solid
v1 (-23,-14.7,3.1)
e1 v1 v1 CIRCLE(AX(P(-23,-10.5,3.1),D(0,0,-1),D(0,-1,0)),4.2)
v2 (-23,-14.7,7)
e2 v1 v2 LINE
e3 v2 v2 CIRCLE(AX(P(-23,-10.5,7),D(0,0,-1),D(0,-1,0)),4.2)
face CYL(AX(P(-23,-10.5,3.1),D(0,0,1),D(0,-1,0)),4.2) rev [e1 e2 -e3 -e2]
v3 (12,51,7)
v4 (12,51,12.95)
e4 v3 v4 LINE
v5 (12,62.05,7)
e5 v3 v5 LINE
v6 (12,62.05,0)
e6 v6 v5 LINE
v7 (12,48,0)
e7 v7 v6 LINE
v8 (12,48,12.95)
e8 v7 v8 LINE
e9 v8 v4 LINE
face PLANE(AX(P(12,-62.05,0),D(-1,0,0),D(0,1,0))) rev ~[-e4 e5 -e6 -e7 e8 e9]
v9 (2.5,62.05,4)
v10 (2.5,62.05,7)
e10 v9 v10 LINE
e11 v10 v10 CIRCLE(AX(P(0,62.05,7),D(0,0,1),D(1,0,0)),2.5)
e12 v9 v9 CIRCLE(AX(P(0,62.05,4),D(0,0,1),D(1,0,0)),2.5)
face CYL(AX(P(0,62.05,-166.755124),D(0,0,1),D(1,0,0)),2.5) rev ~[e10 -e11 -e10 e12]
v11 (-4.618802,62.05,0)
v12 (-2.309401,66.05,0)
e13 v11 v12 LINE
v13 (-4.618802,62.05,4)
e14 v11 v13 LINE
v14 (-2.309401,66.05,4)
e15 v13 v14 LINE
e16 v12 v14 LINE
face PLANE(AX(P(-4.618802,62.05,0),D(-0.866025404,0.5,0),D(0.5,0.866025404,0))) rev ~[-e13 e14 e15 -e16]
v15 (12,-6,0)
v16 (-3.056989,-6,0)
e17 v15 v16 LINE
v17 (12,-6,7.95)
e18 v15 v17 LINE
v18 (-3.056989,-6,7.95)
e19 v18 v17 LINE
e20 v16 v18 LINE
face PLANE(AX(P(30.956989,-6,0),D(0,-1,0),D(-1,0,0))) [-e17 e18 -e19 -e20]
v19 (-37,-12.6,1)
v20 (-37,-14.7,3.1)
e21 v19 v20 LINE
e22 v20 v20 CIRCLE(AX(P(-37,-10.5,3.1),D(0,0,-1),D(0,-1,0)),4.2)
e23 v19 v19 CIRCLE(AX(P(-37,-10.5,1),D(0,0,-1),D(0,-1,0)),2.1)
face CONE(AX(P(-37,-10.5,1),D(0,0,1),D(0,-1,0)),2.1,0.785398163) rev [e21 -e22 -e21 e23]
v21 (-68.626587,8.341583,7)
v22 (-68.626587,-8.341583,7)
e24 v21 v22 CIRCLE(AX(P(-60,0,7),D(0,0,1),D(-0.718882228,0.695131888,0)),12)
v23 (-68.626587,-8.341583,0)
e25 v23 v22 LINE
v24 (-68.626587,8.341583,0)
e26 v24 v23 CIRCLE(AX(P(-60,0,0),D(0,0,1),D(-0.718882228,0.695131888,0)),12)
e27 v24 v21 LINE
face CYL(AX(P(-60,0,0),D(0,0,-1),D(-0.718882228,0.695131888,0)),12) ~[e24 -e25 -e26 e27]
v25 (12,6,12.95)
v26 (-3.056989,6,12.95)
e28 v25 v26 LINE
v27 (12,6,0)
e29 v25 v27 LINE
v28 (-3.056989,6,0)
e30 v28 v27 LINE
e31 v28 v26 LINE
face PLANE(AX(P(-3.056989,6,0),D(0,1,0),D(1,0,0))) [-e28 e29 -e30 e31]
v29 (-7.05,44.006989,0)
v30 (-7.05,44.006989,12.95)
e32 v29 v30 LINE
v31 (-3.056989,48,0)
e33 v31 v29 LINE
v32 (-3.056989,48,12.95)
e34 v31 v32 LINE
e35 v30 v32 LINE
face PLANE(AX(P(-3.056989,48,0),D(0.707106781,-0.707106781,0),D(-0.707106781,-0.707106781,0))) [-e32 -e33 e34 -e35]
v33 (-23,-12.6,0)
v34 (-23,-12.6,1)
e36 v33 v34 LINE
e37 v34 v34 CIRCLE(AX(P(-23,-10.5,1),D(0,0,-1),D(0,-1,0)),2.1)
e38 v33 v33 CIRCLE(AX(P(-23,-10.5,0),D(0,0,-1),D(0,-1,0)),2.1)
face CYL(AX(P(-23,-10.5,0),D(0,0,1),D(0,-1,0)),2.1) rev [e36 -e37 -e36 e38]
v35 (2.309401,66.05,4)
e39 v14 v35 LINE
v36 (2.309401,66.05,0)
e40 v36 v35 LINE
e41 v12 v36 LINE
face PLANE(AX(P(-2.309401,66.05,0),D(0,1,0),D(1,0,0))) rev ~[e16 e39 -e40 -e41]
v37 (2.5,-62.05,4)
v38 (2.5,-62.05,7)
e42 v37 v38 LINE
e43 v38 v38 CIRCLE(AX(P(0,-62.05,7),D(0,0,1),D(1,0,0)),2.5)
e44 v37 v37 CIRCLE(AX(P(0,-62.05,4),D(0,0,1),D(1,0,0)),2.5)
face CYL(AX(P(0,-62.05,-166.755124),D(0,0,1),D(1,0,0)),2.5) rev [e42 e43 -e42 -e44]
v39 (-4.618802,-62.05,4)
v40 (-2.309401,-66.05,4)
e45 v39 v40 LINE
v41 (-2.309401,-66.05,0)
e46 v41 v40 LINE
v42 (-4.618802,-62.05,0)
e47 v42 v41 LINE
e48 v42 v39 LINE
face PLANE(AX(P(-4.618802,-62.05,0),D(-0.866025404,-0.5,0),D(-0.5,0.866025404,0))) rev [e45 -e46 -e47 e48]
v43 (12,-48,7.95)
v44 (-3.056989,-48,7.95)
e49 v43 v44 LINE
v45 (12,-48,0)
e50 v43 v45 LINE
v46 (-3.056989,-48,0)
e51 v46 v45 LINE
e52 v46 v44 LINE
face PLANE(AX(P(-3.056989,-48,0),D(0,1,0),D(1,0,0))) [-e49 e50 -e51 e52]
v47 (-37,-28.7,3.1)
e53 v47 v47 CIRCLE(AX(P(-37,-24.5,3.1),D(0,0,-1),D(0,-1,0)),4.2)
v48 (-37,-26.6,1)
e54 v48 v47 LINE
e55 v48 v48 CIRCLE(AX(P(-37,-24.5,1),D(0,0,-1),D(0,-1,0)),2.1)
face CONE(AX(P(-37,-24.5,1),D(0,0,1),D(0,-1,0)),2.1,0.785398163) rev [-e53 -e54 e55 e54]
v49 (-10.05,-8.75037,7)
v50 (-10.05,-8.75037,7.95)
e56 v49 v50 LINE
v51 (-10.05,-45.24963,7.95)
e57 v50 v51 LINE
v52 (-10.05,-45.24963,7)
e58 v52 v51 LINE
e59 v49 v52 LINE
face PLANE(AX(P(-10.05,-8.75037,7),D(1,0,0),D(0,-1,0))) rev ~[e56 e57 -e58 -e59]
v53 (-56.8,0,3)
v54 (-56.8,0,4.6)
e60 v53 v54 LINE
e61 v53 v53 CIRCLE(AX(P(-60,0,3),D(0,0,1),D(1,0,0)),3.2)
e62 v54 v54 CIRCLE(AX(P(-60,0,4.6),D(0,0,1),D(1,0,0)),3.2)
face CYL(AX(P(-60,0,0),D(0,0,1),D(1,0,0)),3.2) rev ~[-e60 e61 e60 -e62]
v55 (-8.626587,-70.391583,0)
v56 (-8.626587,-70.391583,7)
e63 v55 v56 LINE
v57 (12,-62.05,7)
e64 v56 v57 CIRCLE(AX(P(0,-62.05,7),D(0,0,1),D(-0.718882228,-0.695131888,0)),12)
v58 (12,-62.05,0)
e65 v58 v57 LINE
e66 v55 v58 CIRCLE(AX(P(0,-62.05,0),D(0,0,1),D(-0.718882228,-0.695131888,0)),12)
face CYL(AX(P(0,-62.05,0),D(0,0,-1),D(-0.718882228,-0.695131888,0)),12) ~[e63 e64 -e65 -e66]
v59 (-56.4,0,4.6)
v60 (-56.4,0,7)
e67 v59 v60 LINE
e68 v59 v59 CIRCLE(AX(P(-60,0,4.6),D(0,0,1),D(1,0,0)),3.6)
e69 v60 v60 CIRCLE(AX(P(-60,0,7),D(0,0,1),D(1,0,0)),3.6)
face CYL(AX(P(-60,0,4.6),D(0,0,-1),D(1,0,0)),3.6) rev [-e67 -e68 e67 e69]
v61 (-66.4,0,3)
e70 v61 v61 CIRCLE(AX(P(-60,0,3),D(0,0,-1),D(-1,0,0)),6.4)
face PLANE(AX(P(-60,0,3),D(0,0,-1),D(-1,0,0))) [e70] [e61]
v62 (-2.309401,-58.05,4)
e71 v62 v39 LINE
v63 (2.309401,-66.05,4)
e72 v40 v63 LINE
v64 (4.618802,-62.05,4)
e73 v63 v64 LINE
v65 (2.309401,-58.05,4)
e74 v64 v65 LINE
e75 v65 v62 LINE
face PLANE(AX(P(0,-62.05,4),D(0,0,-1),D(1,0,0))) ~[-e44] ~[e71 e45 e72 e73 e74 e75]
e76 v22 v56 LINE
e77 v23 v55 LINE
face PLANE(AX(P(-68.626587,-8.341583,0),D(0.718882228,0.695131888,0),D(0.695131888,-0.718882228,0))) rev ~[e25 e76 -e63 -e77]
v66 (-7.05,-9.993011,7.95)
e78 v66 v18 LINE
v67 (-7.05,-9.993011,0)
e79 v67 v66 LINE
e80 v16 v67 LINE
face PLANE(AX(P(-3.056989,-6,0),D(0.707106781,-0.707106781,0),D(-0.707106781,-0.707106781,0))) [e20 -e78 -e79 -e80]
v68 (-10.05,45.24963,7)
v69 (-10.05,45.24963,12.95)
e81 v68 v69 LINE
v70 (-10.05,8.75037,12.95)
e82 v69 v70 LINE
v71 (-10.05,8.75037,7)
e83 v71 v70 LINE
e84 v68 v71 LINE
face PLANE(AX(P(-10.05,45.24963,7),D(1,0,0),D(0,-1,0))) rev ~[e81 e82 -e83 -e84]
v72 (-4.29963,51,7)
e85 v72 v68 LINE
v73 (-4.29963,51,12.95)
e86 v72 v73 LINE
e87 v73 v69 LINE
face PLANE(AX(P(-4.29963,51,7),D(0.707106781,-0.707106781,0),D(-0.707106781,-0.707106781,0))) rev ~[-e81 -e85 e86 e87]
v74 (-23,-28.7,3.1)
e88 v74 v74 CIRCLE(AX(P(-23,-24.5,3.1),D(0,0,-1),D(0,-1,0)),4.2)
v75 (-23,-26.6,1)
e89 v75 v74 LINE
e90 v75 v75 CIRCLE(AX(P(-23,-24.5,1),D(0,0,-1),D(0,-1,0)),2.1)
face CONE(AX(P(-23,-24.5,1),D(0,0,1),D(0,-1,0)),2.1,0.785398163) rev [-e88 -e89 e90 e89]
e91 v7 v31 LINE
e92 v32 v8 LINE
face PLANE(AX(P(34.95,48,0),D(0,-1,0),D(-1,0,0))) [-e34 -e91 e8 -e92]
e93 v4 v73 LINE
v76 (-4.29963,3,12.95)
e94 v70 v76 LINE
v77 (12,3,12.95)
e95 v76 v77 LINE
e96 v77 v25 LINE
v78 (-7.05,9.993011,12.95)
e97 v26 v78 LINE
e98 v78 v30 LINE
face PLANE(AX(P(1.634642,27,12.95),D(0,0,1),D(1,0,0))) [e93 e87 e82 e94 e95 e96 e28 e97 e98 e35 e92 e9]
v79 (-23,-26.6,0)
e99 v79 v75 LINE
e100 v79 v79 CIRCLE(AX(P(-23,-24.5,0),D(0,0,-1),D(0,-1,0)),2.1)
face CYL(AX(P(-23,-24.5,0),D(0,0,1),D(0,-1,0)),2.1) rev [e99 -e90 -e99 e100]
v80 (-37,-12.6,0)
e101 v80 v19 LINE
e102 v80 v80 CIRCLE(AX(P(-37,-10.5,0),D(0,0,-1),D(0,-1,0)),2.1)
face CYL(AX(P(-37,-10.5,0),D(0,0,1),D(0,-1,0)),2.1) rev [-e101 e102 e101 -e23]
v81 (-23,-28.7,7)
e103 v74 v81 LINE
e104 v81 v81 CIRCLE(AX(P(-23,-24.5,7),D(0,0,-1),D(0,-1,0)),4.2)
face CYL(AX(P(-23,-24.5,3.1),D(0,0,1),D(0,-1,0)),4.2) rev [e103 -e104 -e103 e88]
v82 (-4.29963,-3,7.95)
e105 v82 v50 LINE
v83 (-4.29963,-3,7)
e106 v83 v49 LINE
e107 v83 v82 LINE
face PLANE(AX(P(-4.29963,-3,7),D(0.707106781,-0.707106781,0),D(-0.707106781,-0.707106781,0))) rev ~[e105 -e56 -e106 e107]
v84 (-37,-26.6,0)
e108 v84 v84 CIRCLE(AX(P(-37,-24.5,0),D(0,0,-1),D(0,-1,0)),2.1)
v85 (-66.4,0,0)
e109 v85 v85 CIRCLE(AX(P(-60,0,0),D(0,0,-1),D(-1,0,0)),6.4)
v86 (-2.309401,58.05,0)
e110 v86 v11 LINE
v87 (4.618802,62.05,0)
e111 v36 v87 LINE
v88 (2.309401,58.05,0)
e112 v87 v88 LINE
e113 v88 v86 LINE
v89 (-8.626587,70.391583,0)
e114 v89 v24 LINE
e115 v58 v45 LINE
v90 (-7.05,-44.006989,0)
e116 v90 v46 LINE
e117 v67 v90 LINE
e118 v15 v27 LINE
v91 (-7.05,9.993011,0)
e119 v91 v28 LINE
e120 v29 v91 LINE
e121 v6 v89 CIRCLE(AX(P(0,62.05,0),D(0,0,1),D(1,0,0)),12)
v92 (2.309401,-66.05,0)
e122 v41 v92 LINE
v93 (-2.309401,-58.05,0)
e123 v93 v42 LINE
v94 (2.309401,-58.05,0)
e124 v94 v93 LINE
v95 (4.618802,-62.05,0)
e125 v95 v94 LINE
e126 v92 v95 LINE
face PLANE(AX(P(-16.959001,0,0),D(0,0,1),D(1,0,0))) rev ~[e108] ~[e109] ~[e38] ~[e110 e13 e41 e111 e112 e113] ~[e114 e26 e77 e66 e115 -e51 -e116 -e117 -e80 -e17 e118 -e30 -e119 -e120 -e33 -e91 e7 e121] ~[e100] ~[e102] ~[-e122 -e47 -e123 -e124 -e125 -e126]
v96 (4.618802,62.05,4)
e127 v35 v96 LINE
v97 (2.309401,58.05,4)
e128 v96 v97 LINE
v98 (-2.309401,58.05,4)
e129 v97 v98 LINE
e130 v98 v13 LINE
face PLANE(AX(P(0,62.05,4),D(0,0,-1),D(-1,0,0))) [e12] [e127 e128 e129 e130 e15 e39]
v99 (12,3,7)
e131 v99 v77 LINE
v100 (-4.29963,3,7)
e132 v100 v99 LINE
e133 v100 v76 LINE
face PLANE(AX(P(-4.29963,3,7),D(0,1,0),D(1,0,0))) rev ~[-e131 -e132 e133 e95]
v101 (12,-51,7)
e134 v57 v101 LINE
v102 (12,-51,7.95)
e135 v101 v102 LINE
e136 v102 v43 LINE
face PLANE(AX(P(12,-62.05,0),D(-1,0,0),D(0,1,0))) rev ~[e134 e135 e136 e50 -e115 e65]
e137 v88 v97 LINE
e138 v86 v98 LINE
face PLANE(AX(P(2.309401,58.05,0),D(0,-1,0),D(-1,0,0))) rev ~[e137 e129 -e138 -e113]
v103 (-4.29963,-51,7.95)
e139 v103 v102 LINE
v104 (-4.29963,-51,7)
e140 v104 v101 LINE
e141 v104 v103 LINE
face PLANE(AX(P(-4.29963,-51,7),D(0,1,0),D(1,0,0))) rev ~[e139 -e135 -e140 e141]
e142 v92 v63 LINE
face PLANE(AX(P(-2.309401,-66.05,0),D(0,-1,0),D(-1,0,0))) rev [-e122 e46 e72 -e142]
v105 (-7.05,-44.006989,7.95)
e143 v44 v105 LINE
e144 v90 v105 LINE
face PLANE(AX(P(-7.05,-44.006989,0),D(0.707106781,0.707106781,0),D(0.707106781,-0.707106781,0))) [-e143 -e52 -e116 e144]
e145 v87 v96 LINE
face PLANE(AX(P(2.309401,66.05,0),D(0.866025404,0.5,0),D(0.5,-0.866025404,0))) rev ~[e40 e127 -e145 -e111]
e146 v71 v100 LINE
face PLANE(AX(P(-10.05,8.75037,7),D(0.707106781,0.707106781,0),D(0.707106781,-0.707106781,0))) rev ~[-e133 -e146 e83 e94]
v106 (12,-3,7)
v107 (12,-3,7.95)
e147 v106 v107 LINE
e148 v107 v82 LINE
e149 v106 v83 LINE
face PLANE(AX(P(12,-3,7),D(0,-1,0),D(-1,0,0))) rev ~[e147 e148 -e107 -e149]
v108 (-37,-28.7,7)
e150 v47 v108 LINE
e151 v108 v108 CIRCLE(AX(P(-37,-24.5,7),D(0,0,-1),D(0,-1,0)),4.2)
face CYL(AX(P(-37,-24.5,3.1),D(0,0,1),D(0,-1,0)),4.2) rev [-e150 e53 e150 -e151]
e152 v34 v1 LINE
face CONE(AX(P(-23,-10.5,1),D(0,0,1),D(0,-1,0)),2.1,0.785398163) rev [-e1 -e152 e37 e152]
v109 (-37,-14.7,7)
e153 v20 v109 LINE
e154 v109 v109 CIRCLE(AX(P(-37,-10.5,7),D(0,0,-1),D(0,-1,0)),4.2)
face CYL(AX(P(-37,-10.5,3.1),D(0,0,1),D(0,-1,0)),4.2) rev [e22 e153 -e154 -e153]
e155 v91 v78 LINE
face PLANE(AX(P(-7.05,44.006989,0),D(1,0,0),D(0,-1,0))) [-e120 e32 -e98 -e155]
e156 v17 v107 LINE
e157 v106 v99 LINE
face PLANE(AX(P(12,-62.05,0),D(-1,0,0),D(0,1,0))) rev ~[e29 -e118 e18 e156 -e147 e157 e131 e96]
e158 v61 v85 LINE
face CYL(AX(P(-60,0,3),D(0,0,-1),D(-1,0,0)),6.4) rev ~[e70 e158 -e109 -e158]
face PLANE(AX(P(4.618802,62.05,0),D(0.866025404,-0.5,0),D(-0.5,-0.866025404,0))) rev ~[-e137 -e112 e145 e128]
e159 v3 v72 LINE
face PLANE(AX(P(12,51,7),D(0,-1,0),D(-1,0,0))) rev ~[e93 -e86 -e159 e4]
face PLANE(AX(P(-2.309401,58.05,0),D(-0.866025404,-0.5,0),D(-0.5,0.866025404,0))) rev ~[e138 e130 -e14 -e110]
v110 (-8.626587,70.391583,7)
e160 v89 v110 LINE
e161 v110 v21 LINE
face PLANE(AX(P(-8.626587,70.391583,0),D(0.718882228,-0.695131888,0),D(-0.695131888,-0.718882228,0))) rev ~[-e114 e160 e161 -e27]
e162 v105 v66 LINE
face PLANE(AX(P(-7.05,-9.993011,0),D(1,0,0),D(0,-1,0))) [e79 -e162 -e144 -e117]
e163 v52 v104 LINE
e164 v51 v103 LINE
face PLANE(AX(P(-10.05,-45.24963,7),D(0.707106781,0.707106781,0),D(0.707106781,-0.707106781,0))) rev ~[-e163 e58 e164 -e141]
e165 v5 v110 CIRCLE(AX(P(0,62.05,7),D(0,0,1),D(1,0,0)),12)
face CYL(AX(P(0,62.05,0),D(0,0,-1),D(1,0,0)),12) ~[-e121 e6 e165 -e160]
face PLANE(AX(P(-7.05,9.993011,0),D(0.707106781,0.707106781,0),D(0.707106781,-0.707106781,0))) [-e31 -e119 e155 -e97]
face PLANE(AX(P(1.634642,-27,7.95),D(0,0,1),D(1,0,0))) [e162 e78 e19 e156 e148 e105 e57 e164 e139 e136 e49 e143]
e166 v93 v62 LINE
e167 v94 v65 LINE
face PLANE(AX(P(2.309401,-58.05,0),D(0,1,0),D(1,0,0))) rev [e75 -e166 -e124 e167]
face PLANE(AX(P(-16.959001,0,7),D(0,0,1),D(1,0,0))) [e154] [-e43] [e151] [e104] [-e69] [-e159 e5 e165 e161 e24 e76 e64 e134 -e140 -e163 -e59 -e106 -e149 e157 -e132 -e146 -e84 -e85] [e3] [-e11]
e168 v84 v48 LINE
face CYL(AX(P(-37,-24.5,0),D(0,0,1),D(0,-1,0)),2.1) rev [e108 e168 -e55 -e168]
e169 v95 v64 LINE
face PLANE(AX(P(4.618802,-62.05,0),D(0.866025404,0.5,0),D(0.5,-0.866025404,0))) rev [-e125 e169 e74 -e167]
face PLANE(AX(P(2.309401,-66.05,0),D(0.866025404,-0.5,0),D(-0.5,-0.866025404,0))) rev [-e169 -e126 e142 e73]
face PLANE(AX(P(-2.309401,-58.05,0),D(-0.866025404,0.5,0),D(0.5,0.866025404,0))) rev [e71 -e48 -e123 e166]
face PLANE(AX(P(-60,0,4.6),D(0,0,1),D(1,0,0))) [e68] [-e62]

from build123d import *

# Parameters (mm, degrees)
BOSS_EXTRUDE1_DEPTH            = 7
BOSS_EXTRUDE2_DEPTH            = 5.95
BOSS_EXTRUDE3_DEPTH            = 0.95
CUT_EXTRUDE1_DEPTH             = 105.091810437
CUT_EXTRUDE2_START             = -2.4
SKETCH5_R                      = 3.6
CUT_EXTRUDE2_DEPTH             = 2.4
CBORE_FOR_M5_SHCS1_D           = 6.4
CBORE_FOR_M5_SHCS1_CBORE_D     = 12.8
CBORE_FOR_M5_SHCS1_CBORE_DEPTH = 3
CUT_EXTRUDE3_DEPTH             = 4
F_5_0_5_DIAMETER_HOLE1_D       = 5
CSK_FOR_M4_SFHCS1_AT_2_COUNT   = 2
CSK_FOR_M4_SFHCS1_AT_2_PITCH   = 14
CSK_FOR_M4_SFHCS1_AT_3_COUNT   = 2
CSK_FOR_M4_SFHCS1_AT_3_PITCH   = 19.798989873
CSK_FOR_M4_SFHCS1_AT_4_COUNT   = 2
CSK_FOR_M4_SFHCS1_AT_4_PITCH   = 14


with BuildPart() as part:
    # Sketch1 → Boss-Extrude1 (new body)
    with BuildSketch(Plane.XY):
        with BuildLine():
            Line((-8.626586736, 70.391582661), (-68.626586736, 8.341582661))
            ThreePointArc((-68.626586736, 8.341582661), (-72, 0), (-68.626586736, -8.341582661))
            Line((-68.626586736, -8.341582661), (-8.626586736, -70.391582661))
            ThreePointArc((-8.626586736, -70.391582661), (4.498942052, -73.174725633), (12, -62.05))
            Line((12, -62.05), (12, 62.05))
            ThreePointArc((12, 62.05), (4.498942052, 73.174725633), (-8.626586736, 70.391582661))
        make_face()
    extrude(amount=BOSS_EXTRUDE1_DEPTH)

    # Sketch3 → Boss-Extrude2 (add)
    with BuildSketch(Plane(origin=(0, 0, 7), x_dir=(-1, 0, 0), z_dir=(0, 0, -1))):
        Polygon((-12, 3), (-12, 51), (4.299630176, 51), (10.05, 45.249630176), (10.05, 8.750369824), (4.299630176, 3), align=None)
    extrude(amount=-BOSS_EXTRUDE2_DEPTH)

    # Sketch4 → Boss-Extrude3 (add)
    with BuildSketch(Plane.XY.offset(7)):
        Polygon((12, -51), (12, -3), (-4.299630176, -3), (-10.05, -8.750369824), (-10.05, -45.249630176), (-4.299630176, -51), align=None)
    extrude(amount=BOSS_EXTRUDE3_DEPTH)

    # Sketch2 → Cut-Extrude1 (cut, through all)
    with BuildSketch(Plane(origin=(0, 0, 0), x_dir=(-1, 0, 0), z_dir=(0, 0, -1))):
        Polygon((-34.95, 48), (3.056989489, 48), (7.05, 44.006989489), (7.05, 9.993010511), (3.056989489, 6), (-30.956989489, 6), (-30.956989489, -6), (3.056989489, -6), (7.05, -9.993010511), (7.05, -44.006989489), (3.056989489, -48), (-34.95, -48), align=None)
    extrude(amount=-CUT_EXTRUDE1_DEPTH, mode=Mode.SUBTRACT)

    # Sketch5 → Cut-Extrude2 (cut)
    with BuildSketch(Plane.XY.offset(7).offset(CUT_EXTRUDE2_START)):
        with Locations((-60, 0)):
            Circle(SKETCH5_R)
    extrude(amount=CUT_EXTRUDE2_DEPTH, mode=Mode.SUBTRACT)

    # CBORE for M5 SHCS1 (through all)
    with Locations(Plane(origin=(0, 0, 0), x_dir=(-1, 0, 0), z_dir=(0, 0, -1))):
        with Locations((60, 0)):
            CounterBoreHole(CBORE_FOR_M5_SHCS1_D / 2, CBORE_FOR_M5_SHCS1_CBORE_D / 2, CBORE_FOR_M5_SHCS1_CBORE_DEPTH)

    # Sketch8 → Cut-Extrude3 (cut)
    with BuildSketch(Plane(origin=(0, 0, 0), x_dir=(-1, 0, 0), z_dir=(0, 0, -1))):
        Polygon((-2.309401077, 58.05), (2.309401077, 58.05), (4.618802154, 62.05), (2.309401077, 66.05), (-2.309401077, 66.05), (-4.618802154, 62.05), align=None)
    cut_extrude3 = extrude(amount=-CUT_EXTRUDE3_DEPTH, mode=Mode.SUBTRACT)

    # Ø5.0 (5) Diameter Hole1 (through all)
    with Locations(Plane(origin=(0, 0, 4), x_dir=(-1, 0, 0), z_dir=(0, 0, -1))):
        with Locations((0, 62.05)):
            f_5_0_5_diameter_hole1 = Hole(F_5_0_5_DIAMETER_HOLE1_D / 2)

    # Mirror1: Cut-Extrude3, Ø5.0 (5) Diameter Hole1 across plane
    add(cut_extrude3.mirror(Plane.ZX), mode=Mode.SUBTRACT)
    add(f_5_0_5_diameter_hole1.mirror(Plane.ZX), mode=Mode.SUBTRACT)

    # Sketch12 → CSK for M4 SFHCS1 (revolve, cut)
    with BuildSketch(Plane(origin=(-37, -24.5, 7), x_dir=(0, -1, 0), z_dir=(1, 0, 0))):
        Polygon((0, 0), (0, 7), (2.1, 7), (2.1, 6), (4.2, 3.9), (4.2, 0), align=None)
    csk_for_m4_sfhcs1 = revolve(axis=Axis((-37, -24.5, 13.35), (0, 0, -1)), mode=Mode.SUBTRACT)

    # CSK for M4 SFHCS1 at 2: CSK for M4 SFHCS1 ×2
    with Locations(*[(i * CSK_FOR_M4_SFHCS1_AT_2_PITCH, 0, 0) for i in range(1, CSK_FOR_M4_SFHCS1_AT_2_COUNT)]):
        add(csk_for_m4_sfhcs1, mode=Mode.SUBTRACT)

    # CSK for M4 SFHCS1 at 3: CSK for M4 SFHCS1 ×2
    with Locations(*[Vector(0.7071067811865477, 0.7071067811865474, 0) * (i * CSK_FOR_M4_SFHCS1_AT_3_PITCH) for i in range(1, CSK_FOR_M4_SFHCS1_AT_3_COUNT)]):
        add(csk_for_m4_sfhcs1, mode=Mode.SUBTRACT)

    # CSK for M4 SFHCS1 at 4: CSK for M4 SFHCS1 ×2
    with Locations(*[(0, i * CSK_FOR_M4_SFHCS1_AT_4_PITCH, 0) for i in range(1, CSK_FOR_M4_SFHCS1_AT_4_COUNT)]):
        add(csk_for_m4_sfhcs1, mode=Mode.SUBTRACT)


solid = part.part
